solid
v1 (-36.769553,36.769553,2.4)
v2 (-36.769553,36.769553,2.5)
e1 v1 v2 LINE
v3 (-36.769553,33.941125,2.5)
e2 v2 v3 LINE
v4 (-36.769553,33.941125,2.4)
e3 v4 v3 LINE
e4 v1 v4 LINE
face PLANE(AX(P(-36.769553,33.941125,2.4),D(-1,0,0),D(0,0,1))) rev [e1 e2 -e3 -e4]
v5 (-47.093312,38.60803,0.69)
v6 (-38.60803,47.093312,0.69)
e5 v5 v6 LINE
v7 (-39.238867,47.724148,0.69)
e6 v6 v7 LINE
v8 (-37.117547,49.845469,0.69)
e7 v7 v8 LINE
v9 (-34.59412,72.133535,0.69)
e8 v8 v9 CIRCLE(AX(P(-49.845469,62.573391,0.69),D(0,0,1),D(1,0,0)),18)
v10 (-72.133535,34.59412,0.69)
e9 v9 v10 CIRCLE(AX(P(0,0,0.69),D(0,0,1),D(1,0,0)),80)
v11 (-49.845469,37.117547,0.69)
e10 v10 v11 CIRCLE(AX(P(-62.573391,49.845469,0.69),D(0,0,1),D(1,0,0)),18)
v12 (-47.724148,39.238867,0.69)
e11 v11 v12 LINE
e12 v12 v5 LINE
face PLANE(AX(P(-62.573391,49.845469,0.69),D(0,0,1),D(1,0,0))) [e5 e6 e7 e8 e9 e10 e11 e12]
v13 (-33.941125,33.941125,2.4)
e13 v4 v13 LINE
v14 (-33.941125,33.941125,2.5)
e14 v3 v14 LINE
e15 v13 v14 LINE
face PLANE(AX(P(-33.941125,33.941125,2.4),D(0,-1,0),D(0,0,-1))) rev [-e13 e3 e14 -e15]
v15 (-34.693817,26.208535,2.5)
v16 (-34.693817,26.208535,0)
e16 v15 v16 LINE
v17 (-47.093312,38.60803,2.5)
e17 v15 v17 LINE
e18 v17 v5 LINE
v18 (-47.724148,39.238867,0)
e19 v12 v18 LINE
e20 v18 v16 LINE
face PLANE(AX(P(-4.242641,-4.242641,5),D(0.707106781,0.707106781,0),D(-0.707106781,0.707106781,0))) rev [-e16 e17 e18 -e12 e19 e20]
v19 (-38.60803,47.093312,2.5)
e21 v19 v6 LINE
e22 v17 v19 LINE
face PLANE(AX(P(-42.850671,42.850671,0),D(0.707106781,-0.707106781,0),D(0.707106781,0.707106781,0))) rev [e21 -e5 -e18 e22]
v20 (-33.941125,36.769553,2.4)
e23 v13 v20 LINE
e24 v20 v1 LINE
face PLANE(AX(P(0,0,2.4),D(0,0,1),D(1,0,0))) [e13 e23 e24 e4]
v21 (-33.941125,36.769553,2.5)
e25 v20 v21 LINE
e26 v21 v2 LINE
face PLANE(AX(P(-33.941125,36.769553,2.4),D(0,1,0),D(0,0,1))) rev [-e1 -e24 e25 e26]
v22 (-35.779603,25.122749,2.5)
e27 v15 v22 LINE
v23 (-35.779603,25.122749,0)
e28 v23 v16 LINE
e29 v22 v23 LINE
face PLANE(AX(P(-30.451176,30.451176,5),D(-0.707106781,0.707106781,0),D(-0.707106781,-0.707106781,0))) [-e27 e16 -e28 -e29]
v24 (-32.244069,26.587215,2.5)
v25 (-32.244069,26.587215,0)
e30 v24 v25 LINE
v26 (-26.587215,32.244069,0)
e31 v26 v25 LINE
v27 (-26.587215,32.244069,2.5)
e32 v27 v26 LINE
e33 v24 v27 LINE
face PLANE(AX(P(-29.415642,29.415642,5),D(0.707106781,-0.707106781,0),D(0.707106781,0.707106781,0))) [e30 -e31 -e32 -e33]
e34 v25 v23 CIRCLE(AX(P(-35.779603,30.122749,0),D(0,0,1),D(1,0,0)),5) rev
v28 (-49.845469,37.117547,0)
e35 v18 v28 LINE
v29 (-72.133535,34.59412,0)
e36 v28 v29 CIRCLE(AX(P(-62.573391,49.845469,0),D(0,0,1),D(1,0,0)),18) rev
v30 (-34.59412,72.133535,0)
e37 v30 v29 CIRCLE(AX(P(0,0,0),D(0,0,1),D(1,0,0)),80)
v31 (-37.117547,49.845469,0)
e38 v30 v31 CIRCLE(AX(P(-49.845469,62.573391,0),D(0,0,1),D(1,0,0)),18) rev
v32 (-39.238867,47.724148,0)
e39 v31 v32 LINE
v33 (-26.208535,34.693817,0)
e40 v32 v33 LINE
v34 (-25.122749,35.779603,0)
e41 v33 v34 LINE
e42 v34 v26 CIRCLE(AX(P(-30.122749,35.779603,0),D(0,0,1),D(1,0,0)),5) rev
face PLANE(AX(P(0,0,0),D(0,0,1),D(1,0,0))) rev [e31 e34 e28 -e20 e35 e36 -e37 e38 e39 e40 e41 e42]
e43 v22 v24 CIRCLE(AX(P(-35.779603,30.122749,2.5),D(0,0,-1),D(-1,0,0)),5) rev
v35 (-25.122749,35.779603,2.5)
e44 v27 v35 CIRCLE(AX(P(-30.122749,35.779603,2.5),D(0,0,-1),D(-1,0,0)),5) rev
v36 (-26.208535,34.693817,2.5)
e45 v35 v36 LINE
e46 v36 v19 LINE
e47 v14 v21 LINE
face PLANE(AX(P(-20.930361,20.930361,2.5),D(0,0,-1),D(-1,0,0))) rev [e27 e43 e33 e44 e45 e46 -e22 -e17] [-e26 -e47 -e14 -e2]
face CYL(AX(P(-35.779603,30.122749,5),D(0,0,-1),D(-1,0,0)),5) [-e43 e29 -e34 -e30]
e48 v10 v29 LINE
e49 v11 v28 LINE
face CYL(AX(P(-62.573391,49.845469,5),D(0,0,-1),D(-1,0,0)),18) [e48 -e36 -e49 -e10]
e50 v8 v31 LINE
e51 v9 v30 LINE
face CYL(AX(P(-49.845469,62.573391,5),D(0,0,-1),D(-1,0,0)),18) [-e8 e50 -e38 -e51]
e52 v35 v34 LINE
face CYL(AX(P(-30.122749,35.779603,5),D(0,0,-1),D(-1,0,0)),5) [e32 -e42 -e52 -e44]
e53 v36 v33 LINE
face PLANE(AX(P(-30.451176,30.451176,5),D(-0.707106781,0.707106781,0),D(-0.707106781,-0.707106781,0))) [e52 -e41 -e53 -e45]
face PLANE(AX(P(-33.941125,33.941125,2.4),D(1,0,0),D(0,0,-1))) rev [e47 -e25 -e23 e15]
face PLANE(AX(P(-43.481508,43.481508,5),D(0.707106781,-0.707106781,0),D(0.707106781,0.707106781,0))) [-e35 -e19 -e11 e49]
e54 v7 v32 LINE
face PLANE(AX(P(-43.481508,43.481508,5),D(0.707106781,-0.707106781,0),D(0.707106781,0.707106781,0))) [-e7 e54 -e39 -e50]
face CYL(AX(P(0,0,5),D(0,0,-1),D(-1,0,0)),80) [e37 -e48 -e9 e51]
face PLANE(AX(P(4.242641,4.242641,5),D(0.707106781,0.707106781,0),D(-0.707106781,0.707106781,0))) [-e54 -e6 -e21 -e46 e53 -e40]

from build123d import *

# Parameters (mm, degrees)
BOSS_EXTRUDE2_DEPTH = 5
CUT_EXTRUDE1_START  = 5
SKETCH3_W           = 19.008841094
SKETCH3_H           = 2.1
SKETCH3_W_2         = 12
SKETCH3_W_3         = 1.535533906
SKETCH3_W_4         = 1.464466094
SKETCH3_W_5         = 17.544375
CUT_EXTRUDE1_DEPTH  = 16
CUT_EXTRUDE2_DEPTH  = 52
SKETCH5_W           = 1.05
SKETCH5_H           = 46.149322856
CUT_EXTRUDE3_DEPTH  = 10
CUT_EXTRUDE4_START  = -0.76
CUT_EXTRUDE4_DEPTH  = 0.76
SKETCH7_W           = 2.828427125
SKETCH7_H           = 2.828427125
CUT_EXTRUDE5_DEPTH  = 0.1


with BuildPart() as part:
    # Sketch1 → Boss-Extrude2 (new body)
    with BuildSketch(Plane.XY):
        Polygon((-39.238867065, 47.72414844), (-47.72414844, 39.238867065), (-34.69381669, 26.208535316), (-26.208535316, 34.69381669), align=None)
        with BuildLine():
            ThreePointArc((-49.845468783, 62.573390845), (-56.568542495, 56.568542495), (-62.573390845, 49.845468783))
            Line((-62.573390845, 49.845468783), (-49.845468783, 37.117546722))
            Line((-49.845468783, 37.117546722), (-47.72414844, 39.238867065))
            Line((-47.72414844, 39.238867065), (-39.238867065, 47.72414844))
            Line((-39.238867065, 47.72414844), (-37.117546722, 49.845468783))
            Line((-37.117546722, 49.845468783), (-49.845468783, 62.573390845))
        make_face()
        with BuildLine():
            ThreePointArc((-34.594119865, 72.133534994), (-42.489529555, 67.783772971), (-49.845468783, 62.573390845))
            Line((-49.845468783, 62.573390845), (-37.117546722, 49.845468783))
            ThreePointArc((-37.117546722, 49.845468783), (-31.959737739, 60.548390845), (-34.594119865, 72.133534994))
        make_face()
        with BuildLine():
            ThreePointArc((-62.573390845, 49.845468783), (-67.783772971, 42.489529555), (-72.133534994, 34.594119865))
            ThreePointArc((-72.133534994, 34.594119865), (-60.548390845, 31.959737739), (-49.845468783, 37.117546722))
            Line((-49.845468783, 37.117546722), (-62.573390845, 49.845468783))
        make_face()
        with BuildLine():
            Line((-34.69381669, 26.208535316), (-35.779603128, 25.122748879))
            ThreePointArc((-35.779603128, 25.122748879), (-33.866185966, 25.503351216), (-32.244069222, 26.587214973))
            Line((-32.244069222, 26.587214973), (-26.587214973, 32.244069222))
            ThreePointArc((-26.587214973, 32.244069222), (-25.503351216, 33.866185966), (-25.122748879, 35.779603128))
            Line((-25.122748879, 35.779603128), (-26.208535316, 34.69381669))
            Line((-26.208535316, 34.69381669), (-34.69381669, 26.208535316))
        make_face()
    extrude(amount=BOSS_EXTRUDE2_DEPTH)

    # Sketch3 → Cut-Extrude1 (cut)
    with BuildSketch(Plane(origin=(-57.699913345, 57.699913345, 0), x_dir=(-0.707106781186549, -0.7071067811865461, 0), z_dir=(0.7071067811865461, -0.707106781186549, 0)).offset(CUT_EXTRUDE1_START)):
        with Locations((-17.039954453, -2.5)):
            Rectangle(SKETCH3_W, SKETCH3_H)
        with Locations((0, -2.5)):
            Rectangle(SKETCH3_W_2, SKETCH3_H)
        with Locations((-6.767766953, -2.5)):
            Rectangle(SKETCH3_W_3, SKETCH3_H)
        with Locations((6.767766953, -2.5)):
            Rectangle(SKETCH3_W_3, SKETCH3_H)
        with Locations((8.267766953, -2.5)):
            Rectangle(SKETCH3_W_4, SKETCH3_H)
        with Locations((17.7721875, -2.5)):
            Rectangle(SKETCH3_W_5, SKETCH3_H)
    extrude(amount=CUT_EXTRUDE1_DEPTH, mode=Mode.SUBTRACT)

    # Sketch4 → Cut-Extrude2 (cut)
    with BuildSketch(Plane(origin=(-57.699913345, 57.699913345, 0), x_dir=(-0.707106781186549, -0.7071067811865461, 0), z_dir=(0.7071067811865461, -0.707106781186549, 0))):
        Polygon((-7.535533906, -2.5), (27.054152634, -2.5), (27.054152634, -6.972921607), (-28.074504585, -6.972921607), (-28.074504585, -2.5), align=None)
    extrude(amount=CUT_EXTRUDE2_DEPTH, mode=Mode.SUBTRACT)

    # Sketch5 → Cut-Extrude3 (cut)
    with BuildSketch(Plane(origin=(-54.164379439, 54.164379439, 0), x_dir=(0, 0, -1), z_dir=(0.7071067811865461, -0.7071067811865489, 0))):
        with Locations((-1.975, 0)):
            Rectangle(SKETCH5_W, SKETCH5_H)
    extrude(amount=-CUT_EXTRUDE3_DEPTH, mode=Mode.SUBTRACT)

    # Sketch6 → Cut-Extrude4 (cut)
    with BuildSketch(Plane.XY.offset(1.45).offset(CUT_EXTRUDE4_START)):
        with BuildLine():
            Line((-47.72414844, 39.238867065), (-49.845468783, 37.117546722))
            ThreePointArc((-49.845468783, 37.117546722), (-60.548390845, 31.959737739), (-72.133534994, 34.594119865))
            ThreePointArc((-72.133534994, 34.594119865), (-56.568542495, 56.568542495), (-34.594119865, 72.133534994))
            ThreePointArc((-34.594119865, 72.133534994), (-31.959737739, 60.548390845), (-37.117546722, 49.845468783))
            Line((-37.117546722, 49.845468783), (-39.238867065, 47.72414844))
            Line((-39.238867065, 47.72414844), (-38.608030253, 47.093311627))
            Line((-38.608030253, 47.093311627), (-47.093311627, 38.608030253))
            Line((-47.093311627, 38.608030253), (-47.72414844, 39.238867065))
        make_face()
    extrude(amount=CUT_EXTRUDE4_DEPTH, mode=Mode.SUBTRACT)

    # Sketch7 → Cut-Extrude5 (cut)
    with BuildSketch(Plane.XY.offset(2.5)):
        with Locations((-35.355339059, 35.355339059)):
            Rectangle(SKETCH7_W, SKETCH7_H)
    extrude(amount=-CUT_EXTRUDE5_DEPTH, mode=Mode.SUBTRACT)


solid = part.part
